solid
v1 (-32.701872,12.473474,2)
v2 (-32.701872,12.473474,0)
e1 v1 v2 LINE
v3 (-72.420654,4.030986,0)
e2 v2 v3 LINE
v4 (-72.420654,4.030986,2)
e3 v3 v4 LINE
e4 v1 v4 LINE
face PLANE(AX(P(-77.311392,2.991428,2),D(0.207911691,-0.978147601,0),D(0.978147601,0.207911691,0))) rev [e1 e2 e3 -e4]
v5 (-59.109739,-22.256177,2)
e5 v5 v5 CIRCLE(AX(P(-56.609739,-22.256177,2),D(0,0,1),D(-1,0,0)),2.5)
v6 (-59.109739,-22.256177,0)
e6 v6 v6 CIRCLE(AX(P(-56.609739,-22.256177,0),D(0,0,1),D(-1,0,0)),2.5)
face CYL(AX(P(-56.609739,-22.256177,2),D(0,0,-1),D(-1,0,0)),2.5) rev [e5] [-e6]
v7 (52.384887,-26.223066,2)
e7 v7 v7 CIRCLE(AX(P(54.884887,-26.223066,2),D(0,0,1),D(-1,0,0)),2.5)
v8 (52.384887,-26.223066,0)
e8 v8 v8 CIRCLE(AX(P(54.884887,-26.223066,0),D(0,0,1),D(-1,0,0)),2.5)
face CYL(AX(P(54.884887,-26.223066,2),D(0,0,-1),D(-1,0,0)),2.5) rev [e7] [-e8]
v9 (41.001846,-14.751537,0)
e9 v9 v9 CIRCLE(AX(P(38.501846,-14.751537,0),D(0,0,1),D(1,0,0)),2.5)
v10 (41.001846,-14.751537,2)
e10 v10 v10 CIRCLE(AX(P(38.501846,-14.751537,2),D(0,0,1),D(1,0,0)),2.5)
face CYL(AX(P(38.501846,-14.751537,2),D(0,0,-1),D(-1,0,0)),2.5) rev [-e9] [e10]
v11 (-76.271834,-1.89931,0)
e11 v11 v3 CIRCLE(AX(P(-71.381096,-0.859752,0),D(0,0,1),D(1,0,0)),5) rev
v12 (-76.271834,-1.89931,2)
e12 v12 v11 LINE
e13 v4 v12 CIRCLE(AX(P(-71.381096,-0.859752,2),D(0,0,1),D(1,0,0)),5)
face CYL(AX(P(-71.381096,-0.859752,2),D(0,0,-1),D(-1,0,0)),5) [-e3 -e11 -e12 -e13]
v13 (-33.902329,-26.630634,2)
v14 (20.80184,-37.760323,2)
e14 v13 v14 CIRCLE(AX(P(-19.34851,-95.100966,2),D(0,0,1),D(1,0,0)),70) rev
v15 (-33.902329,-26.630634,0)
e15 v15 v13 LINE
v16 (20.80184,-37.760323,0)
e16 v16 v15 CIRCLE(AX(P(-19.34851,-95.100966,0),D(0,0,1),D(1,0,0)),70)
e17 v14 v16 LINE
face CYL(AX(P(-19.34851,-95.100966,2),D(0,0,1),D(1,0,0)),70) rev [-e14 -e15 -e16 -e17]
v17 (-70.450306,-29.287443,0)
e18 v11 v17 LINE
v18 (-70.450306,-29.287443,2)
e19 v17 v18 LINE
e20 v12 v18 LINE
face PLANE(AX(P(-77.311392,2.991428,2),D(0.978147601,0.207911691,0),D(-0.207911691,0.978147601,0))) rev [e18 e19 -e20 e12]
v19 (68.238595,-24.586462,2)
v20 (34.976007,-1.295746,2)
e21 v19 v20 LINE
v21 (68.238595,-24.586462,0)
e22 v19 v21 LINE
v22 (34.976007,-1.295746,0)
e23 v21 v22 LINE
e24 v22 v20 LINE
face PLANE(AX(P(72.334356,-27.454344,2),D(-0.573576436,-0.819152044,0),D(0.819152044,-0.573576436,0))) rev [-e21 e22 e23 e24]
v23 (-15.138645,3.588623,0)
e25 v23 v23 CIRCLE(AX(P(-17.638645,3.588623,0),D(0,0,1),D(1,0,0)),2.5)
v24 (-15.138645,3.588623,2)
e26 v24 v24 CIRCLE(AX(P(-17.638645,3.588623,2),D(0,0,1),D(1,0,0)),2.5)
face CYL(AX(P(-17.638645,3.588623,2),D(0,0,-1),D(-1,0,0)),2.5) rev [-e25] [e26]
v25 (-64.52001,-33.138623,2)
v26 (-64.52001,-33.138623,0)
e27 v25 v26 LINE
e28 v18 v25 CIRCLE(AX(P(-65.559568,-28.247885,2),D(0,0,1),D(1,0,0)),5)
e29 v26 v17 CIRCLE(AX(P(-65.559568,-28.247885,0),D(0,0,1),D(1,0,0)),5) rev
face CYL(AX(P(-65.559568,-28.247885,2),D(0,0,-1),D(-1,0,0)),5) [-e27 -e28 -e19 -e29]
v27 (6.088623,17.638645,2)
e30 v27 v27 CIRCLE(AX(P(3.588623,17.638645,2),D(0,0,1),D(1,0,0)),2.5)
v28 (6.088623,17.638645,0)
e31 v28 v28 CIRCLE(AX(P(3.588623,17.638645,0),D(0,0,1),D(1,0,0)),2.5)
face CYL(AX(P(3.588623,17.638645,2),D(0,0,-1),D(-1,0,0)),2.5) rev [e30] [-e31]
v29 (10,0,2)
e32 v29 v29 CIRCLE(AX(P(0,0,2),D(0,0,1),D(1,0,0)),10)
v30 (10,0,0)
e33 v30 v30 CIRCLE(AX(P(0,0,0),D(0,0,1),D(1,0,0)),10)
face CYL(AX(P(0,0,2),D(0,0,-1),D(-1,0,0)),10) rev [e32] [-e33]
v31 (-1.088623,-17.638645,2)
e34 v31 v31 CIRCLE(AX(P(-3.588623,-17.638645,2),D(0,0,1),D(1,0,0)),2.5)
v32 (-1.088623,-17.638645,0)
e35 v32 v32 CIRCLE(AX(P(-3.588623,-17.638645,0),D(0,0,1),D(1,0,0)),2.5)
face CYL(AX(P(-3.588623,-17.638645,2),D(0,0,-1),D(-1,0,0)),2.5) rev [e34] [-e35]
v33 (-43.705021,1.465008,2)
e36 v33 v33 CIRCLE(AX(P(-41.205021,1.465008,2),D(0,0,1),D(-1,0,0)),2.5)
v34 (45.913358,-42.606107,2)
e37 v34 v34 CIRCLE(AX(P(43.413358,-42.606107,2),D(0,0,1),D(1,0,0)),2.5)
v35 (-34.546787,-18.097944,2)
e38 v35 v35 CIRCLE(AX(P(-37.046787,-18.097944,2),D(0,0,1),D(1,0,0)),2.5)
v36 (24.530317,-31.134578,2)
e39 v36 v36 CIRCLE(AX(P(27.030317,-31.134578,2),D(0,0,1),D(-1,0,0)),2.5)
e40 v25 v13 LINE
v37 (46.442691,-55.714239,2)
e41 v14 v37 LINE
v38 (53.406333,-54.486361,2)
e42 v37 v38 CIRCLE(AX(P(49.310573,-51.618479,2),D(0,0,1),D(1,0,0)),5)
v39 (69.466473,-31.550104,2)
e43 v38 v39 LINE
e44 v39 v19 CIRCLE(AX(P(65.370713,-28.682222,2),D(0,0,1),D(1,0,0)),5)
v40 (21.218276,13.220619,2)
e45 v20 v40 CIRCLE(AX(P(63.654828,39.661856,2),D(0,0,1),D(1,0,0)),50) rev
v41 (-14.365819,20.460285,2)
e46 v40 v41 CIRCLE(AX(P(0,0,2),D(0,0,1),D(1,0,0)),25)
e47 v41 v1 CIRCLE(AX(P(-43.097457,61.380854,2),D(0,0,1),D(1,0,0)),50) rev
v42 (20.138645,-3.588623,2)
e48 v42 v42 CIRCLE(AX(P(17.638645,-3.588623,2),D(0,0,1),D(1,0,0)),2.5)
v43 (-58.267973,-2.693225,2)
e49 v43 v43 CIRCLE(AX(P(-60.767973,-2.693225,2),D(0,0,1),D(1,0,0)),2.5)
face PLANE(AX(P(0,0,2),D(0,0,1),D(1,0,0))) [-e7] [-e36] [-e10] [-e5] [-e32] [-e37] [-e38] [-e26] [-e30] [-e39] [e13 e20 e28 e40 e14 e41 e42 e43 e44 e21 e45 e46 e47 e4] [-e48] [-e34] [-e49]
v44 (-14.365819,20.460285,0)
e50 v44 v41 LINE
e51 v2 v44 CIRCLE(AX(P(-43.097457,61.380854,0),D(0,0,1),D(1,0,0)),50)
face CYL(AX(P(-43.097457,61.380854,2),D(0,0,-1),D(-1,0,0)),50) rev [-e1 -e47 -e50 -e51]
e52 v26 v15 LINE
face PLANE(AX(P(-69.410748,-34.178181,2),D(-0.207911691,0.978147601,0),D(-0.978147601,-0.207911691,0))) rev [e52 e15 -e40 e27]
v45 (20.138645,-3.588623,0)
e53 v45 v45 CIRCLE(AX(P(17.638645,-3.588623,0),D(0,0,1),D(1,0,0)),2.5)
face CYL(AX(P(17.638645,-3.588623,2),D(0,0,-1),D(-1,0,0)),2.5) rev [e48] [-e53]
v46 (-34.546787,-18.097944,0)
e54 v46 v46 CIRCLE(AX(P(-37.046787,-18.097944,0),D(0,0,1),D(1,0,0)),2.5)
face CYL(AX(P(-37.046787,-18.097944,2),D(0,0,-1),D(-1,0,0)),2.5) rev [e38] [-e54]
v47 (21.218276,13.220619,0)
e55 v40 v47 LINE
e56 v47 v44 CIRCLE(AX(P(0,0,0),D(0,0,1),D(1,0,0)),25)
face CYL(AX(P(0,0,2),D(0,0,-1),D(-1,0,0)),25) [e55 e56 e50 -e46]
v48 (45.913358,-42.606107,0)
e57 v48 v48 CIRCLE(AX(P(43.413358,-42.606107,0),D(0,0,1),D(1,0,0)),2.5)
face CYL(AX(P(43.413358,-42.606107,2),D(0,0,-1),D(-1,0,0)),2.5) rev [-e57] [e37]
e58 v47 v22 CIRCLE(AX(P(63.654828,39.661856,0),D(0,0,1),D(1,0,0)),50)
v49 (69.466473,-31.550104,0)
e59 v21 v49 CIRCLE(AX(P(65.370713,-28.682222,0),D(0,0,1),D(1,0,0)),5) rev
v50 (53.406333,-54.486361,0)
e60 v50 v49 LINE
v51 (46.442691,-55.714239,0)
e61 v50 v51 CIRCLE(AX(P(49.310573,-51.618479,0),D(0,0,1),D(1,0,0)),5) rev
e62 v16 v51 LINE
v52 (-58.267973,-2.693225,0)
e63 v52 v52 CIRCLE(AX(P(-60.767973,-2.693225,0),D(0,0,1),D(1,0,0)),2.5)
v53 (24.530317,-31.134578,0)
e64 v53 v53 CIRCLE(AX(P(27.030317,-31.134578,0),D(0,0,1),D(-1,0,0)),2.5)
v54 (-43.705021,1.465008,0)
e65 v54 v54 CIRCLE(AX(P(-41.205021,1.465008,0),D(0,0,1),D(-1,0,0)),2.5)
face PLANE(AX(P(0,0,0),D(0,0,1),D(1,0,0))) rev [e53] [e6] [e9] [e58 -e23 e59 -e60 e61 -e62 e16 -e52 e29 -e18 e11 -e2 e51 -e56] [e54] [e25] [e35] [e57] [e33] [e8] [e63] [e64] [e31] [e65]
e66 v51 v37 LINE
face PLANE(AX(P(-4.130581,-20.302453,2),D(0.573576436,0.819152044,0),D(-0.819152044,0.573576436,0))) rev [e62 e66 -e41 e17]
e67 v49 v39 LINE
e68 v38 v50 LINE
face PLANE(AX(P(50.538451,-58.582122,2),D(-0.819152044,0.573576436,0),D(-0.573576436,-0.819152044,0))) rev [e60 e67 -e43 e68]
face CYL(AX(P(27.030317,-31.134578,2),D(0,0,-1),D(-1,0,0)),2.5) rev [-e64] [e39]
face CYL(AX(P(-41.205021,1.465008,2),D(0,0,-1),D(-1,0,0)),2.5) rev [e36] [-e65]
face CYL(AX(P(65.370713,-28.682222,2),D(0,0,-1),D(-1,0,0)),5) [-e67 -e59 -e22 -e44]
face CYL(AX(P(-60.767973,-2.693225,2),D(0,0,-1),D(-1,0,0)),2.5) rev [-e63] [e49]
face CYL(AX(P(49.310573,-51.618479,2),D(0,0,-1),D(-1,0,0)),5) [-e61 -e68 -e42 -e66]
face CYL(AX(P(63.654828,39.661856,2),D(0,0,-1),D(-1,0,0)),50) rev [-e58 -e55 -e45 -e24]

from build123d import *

# Parameters (mm, degrees)
SKETCH1_R           = 2.5
SKETCH1_R_2         = 10
BOSS_EXTRUDE1_DEPTH = 2
FILLET1_R           = 50
FILLET2_R           = 70
FILLET3_R           = 5


with BuildPart() as part:
    # Sketch1 → Boss-Extrude1 (new body)
    with BuildSketch(Plane.XY):
        with BuildLine():
            Line((-77.311392181, 2.991427603), (-69.410747929, -34.178181225))
            Line((-69.410747929, -34.178181225), (-4.13058082, -20.302453359))
            Line((-4.13058082, -20.302453359), (50.538451031, -58.582121568))
            Line((50.538451031, -58.582121568), (72.334355612, -27.454343885))
            Line((72.334355612, -27.454343885), (24.207597625, 6.244374848))
            ThreePointArc((24.207597625, 6.244374848), (4.98419836, 24.498117616), (-19.843339473, 15.206639292))
            Line((-19.843339473, 15.206639292), (-77.311392181, 2.991427603))
        make_face()
        with Locations((-60.767972952, -2.693225442)):
            Circle(SKETCH1_R, mode=Mode.SUBTRACT)
        with Locations((-56.609739136, -22.256177456)):
            Circle(SKETCH1_R, mode=Mode.SUBTRACT)
        with Locations((-37.046787121, -18.09794364)):
            Circle(SKETCH1_R, mode=Mode.SUBTRACT)
        with Locations((-41.205020938, 1.465008375)):
            Circle(SKETCH1_R, mode=Mode.SUBTRACT)
        with Locations((38.501846135, -14.751537011)):
            Circle(SKETCH1_R, mode=Mode.SUBTRACT)
        with Locations((27.030317408, -31.134577897)):
            Circle(SKETCH1_R, mode=Mode.SUBTRACT)
        with Locations((43.413358294, -42.606106624)):
            Circle(SKETCH1_R, mode=Mode.SUBTRACT)
        with Locations((54.884887021, -26.223065738)):
            Circle(SKETCH1_R, mode=Mode.SUBTRACT)
        Circle(SKETCH1_R_2, mode=Mode.SUBTRACT)
        with Locations((3.58862282, 17.638644683)):
            Circle(SKETCH1_R, mode=Mode.SUBTRACT)
        with Locations((17.638644683, -3.58862282)):
            Circle(SKETCH1_R, mode=Mode.SUBTRACT)
        with Locations((-3.58862282, -17.638644683)):
            Circle(SKETCH1_R, mode=Mode.SUBTRACT)
        with Locations((-17.638644683, 3.58862282)):
            Circle(SKETCH1_R, mode=Mode.SUBTRACT)
    extrude(amount=BOSS_EXTRUDE1_DEPTH)

    # Fillet1
    fillet1_edges = [part.edges().sort_by_distance(p)[0] for p in [
        (-19.843339473, 15.206639292, 1),
        (24.207597625, 6.244374848, 1),
    ]]
    fillet(fillet1_edges, radius=FILLET1_R)

    # Fillet2
    fillet2_edges = [part.edges().sort_by_distance(p)[0] for p in [
        (-4.13058082, -20.302453359, 1),
    ]]
    fillet(fillet2_edges, radius=FILLET2_R)

    # Fillet3
    fillet3_edges = [part.edges().sort_by_distance(p)[0] for p in [
        (72.334355612, -27.454343885, 1),
        (50.538451031, -58.582121568, 1),
        (-69.410747929, -34.178181225, 1),
        (-77.311392181, 2.991427603, 1),
    ]]
    fillet(fillet3_edges, radius=FILLET3_R)


solid = part.part
